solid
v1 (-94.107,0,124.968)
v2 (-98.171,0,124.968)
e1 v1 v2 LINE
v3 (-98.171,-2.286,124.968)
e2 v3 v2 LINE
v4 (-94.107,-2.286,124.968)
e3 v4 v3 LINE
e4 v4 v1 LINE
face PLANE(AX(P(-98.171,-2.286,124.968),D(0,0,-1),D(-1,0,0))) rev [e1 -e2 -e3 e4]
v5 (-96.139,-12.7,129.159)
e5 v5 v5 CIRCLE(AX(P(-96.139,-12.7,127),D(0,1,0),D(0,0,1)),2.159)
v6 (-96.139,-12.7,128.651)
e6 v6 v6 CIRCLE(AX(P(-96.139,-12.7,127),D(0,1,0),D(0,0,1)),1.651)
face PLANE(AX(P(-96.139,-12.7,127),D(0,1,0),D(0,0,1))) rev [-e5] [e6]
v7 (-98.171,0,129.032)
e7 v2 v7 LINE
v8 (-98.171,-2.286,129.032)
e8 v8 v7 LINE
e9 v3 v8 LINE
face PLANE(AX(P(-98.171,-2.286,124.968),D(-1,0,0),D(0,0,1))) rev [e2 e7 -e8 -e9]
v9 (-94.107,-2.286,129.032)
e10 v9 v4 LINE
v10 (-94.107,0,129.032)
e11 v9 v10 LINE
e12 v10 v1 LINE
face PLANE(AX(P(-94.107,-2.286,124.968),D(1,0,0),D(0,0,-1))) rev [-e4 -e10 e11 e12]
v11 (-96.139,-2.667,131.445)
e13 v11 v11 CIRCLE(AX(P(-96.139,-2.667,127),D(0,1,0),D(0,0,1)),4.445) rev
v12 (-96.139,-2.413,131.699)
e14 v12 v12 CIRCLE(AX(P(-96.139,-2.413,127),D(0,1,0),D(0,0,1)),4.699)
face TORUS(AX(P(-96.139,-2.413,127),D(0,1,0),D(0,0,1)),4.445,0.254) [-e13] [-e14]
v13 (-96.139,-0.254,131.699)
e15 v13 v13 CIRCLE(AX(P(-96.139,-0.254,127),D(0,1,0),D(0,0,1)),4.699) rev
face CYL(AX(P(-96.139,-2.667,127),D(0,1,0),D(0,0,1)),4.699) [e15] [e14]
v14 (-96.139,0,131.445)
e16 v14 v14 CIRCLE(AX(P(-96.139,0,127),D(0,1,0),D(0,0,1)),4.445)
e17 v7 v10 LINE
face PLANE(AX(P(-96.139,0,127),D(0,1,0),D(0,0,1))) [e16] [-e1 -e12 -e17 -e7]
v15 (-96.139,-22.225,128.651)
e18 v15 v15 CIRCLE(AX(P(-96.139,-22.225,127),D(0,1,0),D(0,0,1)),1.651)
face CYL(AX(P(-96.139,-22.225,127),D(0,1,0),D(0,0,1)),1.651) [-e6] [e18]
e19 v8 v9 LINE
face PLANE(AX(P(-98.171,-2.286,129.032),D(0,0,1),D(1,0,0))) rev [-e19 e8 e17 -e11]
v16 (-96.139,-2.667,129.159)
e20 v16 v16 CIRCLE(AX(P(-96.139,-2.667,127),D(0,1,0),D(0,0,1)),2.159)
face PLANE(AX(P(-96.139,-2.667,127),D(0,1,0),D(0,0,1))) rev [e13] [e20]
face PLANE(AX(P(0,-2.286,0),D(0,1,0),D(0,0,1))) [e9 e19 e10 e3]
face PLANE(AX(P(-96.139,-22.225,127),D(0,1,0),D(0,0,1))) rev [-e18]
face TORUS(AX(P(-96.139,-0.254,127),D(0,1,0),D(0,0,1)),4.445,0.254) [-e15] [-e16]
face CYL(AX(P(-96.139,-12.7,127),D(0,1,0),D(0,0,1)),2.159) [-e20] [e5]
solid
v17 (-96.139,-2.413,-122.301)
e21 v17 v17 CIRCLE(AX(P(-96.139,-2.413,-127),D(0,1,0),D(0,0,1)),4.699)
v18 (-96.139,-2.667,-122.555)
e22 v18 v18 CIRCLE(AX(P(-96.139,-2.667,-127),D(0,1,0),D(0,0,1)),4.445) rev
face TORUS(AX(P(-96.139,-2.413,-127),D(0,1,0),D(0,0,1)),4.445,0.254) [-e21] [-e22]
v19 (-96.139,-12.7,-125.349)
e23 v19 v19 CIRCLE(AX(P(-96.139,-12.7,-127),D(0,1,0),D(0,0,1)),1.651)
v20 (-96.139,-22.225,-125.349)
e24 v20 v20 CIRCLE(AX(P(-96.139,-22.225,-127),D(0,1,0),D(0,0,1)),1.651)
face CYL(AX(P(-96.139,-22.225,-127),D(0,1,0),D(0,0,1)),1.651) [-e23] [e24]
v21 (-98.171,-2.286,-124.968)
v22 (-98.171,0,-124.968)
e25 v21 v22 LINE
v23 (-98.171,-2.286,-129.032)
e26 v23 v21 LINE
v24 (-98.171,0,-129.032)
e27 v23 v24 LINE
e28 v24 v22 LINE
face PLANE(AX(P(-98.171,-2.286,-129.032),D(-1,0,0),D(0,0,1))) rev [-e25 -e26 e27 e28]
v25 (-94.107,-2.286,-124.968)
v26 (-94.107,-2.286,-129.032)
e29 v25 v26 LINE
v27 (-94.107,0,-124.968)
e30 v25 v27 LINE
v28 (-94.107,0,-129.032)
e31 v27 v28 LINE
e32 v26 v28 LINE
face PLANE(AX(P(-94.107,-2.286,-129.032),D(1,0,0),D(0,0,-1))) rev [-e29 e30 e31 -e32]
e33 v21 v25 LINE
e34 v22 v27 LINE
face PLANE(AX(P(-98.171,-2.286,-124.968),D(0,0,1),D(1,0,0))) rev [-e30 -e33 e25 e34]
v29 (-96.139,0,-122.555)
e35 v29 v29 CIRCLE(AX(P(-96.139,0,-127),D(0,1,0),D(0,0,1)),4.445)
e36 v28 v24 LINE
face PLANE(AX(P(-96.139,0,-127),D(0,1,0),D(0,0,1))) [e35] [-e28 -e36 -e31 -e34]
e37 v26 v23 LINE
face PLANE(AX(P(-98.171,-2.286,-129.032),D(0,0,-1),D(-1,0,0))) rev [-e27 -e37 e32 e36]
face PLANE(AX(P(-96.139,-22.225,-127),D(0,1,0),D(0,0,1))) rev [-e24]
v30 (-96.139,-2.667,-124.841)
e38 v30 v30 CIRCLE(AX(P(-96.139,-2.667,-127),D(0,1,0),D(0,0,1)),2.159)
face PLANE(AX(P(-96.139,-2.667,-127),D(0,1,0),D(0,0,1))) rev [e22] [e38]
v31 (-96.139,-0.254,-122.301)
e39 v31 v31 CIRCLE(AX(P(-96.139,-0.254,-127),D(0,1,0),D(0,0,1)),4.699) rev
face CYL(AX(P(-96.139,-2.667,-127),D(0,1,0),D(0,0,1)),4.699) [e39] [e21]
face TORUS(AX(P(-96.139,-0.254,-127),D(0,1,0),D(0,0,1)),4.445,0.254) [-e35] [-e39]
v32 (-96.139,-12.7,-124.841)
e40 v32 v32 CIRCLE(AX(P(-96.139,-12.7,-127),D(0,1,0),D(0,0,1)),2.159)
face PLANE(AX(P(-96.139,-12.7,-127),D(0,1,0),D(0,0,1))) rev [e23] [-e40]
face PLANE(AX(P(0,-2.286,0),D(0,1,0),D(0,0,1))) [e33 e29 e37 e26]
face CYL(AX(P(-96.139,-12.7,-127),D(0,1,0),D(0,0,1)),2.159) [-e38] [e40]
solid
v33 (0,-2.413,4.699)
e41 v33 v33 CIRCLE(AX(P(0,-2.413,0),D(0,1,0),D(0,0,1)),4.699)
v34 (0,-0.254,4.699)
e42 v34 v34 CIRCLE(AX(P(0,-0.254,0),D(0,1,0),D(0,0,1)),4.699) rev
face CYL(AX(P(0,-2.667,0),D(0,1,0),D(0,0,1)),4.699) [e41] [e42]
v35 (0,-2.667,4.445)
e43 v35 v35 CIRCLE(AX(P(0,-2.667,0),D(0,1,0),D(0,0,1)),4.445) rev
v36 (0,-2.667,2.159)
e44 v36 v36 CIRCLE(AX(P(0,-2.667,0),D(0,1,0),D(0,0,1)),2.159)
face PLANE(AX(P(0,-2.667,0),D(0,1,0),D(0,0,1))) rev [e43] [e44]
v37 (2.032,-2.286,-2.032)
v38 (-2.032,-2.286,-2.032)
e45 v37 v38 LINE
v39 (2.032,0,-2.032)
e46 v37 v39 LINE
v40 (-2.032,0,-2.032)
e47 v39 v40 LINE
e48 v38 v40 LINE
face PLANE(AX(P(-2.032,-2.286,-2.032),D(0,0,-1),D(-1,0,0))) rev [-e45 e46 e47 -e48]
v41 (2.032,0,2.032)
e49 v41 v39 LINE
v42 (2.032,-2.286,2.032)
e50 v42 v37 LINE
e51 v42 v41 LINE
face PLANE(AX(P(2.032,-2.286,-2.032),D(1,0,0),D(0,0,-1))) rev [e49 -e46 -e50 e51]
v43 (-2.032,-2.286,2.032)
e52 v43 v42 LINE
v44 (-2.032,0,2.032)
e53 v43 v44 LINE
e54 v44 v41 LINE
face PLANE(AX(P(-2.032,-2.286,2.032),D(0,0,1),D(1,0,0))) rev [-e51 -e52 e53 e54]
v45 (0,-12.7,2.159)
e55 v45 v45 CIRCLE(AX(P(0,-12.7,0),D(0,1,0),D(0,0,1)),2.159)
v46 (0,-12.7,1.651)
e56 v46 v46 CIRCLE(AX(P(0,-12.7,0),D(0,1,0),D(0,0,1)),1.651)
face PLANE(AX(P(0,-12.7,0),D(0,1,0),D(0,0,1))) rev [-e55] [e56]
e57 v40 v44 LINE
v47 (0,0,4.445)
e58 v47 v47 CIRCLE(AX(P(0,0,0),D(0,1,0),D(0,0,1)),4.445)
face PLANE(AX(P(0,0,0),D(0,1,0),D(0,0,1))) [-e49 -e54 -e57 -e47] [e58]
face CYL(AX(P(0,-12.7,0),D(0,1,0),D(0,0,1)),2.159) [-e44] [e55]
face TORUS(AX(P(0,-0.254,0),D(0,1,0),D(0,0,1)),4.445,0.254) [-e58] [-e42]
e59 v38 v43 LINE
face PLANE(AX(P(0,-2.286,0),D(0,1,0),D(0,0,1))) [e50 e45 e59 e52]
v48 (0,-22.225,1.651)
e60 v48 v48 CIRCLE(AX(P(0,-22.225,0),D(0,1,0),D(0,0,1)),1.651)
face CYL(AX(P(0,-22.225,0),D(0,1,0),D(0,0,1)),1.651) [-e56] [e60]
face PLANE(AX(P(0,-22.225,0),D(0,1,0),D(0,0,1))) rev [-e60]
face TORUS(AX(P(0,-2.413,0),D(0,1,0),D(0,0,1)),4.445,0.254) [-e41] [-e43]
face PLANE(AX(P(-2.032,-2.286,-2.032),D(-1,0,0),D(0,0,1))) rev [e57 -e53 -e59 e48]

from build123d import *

# Parameters (mm, degrees)
SKETCH1_R             = 4.699
BOSS_EXTRUDE1_DEPTH   = 2.667
BOSS_EXTRUDE1_2_DEPTH = 2.667
BOSS_EXTRUDE1_3_DEPTH = 2.667
SKETCH2_R             = 2.159
BOSS_EXTRUDE2_DEPTH   = 12.7
SKETCH3_R             = 1.651
BOSS_EXTRUDE3_DEPTH   = 22.225
SKETCH4_W             = 4.064
SKETCH4_H             = 4.064
CUT_EXTRUDE1_DEPTH    = 2.286
FILLET1_R             = 0.254
FILLET2_R             = 0.254
FILLET3_R             = 0.254


with BuildPart() as part:
    # Sketch1 → Boss-Extrude1 (new body)
    with BuildSketch(Plane(origin=(0, 0, 0), x_dir=(1, 0, 0), z_dir=(0, 1, 0))):
        with Locations(Location((0, 0, 0), (0, 0, 270))):
            Circle(SKETCH1_R)
    extrude(amount=-BOSS_EXTRUDE1_DEPTH)



with BuildPart() as body_2:
    # Sketch1 → Boss-Extrude1 2 (new body)
    with BuildSketch(Plane(origin=(0, 0, 0), x_dir=(1, 0, 0), z_dir=(0, 1, 0))):
        with Locations(Location((-96.139, 127, 0), (0, 0, 270))):
            Circle(SKETCH1_R)
    extrude(amount=-BOSS_EXTRUDE1_2_DEPTH)


with BuildPart() as body_3:
    # Sketch1 → Boss-Extrude1 3 (new body)
    with BuildSketch(Plane(origin=(0, 0, 0), x_dir=(1, 0, 0), z_dir=(0, 1, 0))):
        with Locations(Location((-96.139, -127, 0), (0, 0, 270))):
            Circle(SKETCH1_R)
    extrude(amount=-BOSS_EXTRUDE1_3_DEPTH)


with BuildPart() as part_1:
    add(part.part)

    add(body_2.part)  # Boss-Extrude2 merges body 2

    add(body_3.part)  # Boss-Extrude2 merges body 3
    # Sketch2 → Boss-Extrude2 (add)
    with BuildSketch(Plane(origin=(0, 0, 0), x_dir=(1, 0, 0), z_dir=(0, 1, 0))):
        with Locations(Location((-96.139, 127, 0), (0, 0, 270))):
            Circle(SKETCH2_R)
        with Locations(Location((0, 0, 0), (0, 0, 270))):
            Circle(SKETCH2_R)
        with Locations(Location((-96.139, -127, 0), (0, 0, 270))):
            Circle(SKETCH2_R)
    extrude(amount=-BOSS_EXTRUDE2_DEPTH)

    # Sketch3 → Boss-Extrude3 (add)
    with BuildSketch(Plane(origin=(0, 0, 0), x_dir=(1, 0, 0), z_dir=(0, 1, 0))):
        with Locations(Location((-96.139, 127, 0), (0, 0, 270))):
            Circle(SKETCH3_R)
        with Locations(Location((0, 0, 0), (0, 0, 270))):
            Circle(SKETCH3_R)
        with Locations(Location((-96.139, -127, 0), (0, 0, 270))):
            Circle(SKETCH3_R)
    extrude(amount=-BOSS_EXTRUDE3_DEPTH)

    # Sketch4 → Cut-Extrude1 (cut)
    with BuildSketch(Plane(origin=(0, 0, 0), x_dir=(1, 0, 0), z_dir=(0, 1, 0))):
        with Locations((-96.139, 127)):
            Rectangle(SKETCH4_W, SKETCH4_H)
        Rectangle(SKETCH4_W, SKETCH4_H)
        with Locations((-96.139, -127)):
            Rectangle(SKETCH4_W, SKETCH4_H)
    extrude(amount=-CUT_EXTRUDE1_DEPTH, mode=Mode.SUBTRACT)

    # Fillet1
    fillet1_edges = [part_1.edges().sort_by_distance(p)[0] for p in [
        (-96.139, 0, 122.301),
        (-96.139, -2.667, 122.301),
    ]]
    fillet(fillet1_edges, radius=FILLET1_R)

    # Fillet2
    fillet2_edges = [part_1.edges().sort_by_distance(p)[0] for p in [
        (0, 0, -4.699),
        (0, -2.667, -4.699),
    ]]
    fillet(fillet2_edges, radius=FILLET2_R)

    # Fillet3
    fillet3_edges = [part_1.edges().sort_by_distance(p)[0] for p in [
        (-96.139, 0, -131.699),
        (-96.139, -2.667, -131.699),
    ]]
    fillet(fillet3_edges, radius=FILLET3_R)


solid = part_1.part
